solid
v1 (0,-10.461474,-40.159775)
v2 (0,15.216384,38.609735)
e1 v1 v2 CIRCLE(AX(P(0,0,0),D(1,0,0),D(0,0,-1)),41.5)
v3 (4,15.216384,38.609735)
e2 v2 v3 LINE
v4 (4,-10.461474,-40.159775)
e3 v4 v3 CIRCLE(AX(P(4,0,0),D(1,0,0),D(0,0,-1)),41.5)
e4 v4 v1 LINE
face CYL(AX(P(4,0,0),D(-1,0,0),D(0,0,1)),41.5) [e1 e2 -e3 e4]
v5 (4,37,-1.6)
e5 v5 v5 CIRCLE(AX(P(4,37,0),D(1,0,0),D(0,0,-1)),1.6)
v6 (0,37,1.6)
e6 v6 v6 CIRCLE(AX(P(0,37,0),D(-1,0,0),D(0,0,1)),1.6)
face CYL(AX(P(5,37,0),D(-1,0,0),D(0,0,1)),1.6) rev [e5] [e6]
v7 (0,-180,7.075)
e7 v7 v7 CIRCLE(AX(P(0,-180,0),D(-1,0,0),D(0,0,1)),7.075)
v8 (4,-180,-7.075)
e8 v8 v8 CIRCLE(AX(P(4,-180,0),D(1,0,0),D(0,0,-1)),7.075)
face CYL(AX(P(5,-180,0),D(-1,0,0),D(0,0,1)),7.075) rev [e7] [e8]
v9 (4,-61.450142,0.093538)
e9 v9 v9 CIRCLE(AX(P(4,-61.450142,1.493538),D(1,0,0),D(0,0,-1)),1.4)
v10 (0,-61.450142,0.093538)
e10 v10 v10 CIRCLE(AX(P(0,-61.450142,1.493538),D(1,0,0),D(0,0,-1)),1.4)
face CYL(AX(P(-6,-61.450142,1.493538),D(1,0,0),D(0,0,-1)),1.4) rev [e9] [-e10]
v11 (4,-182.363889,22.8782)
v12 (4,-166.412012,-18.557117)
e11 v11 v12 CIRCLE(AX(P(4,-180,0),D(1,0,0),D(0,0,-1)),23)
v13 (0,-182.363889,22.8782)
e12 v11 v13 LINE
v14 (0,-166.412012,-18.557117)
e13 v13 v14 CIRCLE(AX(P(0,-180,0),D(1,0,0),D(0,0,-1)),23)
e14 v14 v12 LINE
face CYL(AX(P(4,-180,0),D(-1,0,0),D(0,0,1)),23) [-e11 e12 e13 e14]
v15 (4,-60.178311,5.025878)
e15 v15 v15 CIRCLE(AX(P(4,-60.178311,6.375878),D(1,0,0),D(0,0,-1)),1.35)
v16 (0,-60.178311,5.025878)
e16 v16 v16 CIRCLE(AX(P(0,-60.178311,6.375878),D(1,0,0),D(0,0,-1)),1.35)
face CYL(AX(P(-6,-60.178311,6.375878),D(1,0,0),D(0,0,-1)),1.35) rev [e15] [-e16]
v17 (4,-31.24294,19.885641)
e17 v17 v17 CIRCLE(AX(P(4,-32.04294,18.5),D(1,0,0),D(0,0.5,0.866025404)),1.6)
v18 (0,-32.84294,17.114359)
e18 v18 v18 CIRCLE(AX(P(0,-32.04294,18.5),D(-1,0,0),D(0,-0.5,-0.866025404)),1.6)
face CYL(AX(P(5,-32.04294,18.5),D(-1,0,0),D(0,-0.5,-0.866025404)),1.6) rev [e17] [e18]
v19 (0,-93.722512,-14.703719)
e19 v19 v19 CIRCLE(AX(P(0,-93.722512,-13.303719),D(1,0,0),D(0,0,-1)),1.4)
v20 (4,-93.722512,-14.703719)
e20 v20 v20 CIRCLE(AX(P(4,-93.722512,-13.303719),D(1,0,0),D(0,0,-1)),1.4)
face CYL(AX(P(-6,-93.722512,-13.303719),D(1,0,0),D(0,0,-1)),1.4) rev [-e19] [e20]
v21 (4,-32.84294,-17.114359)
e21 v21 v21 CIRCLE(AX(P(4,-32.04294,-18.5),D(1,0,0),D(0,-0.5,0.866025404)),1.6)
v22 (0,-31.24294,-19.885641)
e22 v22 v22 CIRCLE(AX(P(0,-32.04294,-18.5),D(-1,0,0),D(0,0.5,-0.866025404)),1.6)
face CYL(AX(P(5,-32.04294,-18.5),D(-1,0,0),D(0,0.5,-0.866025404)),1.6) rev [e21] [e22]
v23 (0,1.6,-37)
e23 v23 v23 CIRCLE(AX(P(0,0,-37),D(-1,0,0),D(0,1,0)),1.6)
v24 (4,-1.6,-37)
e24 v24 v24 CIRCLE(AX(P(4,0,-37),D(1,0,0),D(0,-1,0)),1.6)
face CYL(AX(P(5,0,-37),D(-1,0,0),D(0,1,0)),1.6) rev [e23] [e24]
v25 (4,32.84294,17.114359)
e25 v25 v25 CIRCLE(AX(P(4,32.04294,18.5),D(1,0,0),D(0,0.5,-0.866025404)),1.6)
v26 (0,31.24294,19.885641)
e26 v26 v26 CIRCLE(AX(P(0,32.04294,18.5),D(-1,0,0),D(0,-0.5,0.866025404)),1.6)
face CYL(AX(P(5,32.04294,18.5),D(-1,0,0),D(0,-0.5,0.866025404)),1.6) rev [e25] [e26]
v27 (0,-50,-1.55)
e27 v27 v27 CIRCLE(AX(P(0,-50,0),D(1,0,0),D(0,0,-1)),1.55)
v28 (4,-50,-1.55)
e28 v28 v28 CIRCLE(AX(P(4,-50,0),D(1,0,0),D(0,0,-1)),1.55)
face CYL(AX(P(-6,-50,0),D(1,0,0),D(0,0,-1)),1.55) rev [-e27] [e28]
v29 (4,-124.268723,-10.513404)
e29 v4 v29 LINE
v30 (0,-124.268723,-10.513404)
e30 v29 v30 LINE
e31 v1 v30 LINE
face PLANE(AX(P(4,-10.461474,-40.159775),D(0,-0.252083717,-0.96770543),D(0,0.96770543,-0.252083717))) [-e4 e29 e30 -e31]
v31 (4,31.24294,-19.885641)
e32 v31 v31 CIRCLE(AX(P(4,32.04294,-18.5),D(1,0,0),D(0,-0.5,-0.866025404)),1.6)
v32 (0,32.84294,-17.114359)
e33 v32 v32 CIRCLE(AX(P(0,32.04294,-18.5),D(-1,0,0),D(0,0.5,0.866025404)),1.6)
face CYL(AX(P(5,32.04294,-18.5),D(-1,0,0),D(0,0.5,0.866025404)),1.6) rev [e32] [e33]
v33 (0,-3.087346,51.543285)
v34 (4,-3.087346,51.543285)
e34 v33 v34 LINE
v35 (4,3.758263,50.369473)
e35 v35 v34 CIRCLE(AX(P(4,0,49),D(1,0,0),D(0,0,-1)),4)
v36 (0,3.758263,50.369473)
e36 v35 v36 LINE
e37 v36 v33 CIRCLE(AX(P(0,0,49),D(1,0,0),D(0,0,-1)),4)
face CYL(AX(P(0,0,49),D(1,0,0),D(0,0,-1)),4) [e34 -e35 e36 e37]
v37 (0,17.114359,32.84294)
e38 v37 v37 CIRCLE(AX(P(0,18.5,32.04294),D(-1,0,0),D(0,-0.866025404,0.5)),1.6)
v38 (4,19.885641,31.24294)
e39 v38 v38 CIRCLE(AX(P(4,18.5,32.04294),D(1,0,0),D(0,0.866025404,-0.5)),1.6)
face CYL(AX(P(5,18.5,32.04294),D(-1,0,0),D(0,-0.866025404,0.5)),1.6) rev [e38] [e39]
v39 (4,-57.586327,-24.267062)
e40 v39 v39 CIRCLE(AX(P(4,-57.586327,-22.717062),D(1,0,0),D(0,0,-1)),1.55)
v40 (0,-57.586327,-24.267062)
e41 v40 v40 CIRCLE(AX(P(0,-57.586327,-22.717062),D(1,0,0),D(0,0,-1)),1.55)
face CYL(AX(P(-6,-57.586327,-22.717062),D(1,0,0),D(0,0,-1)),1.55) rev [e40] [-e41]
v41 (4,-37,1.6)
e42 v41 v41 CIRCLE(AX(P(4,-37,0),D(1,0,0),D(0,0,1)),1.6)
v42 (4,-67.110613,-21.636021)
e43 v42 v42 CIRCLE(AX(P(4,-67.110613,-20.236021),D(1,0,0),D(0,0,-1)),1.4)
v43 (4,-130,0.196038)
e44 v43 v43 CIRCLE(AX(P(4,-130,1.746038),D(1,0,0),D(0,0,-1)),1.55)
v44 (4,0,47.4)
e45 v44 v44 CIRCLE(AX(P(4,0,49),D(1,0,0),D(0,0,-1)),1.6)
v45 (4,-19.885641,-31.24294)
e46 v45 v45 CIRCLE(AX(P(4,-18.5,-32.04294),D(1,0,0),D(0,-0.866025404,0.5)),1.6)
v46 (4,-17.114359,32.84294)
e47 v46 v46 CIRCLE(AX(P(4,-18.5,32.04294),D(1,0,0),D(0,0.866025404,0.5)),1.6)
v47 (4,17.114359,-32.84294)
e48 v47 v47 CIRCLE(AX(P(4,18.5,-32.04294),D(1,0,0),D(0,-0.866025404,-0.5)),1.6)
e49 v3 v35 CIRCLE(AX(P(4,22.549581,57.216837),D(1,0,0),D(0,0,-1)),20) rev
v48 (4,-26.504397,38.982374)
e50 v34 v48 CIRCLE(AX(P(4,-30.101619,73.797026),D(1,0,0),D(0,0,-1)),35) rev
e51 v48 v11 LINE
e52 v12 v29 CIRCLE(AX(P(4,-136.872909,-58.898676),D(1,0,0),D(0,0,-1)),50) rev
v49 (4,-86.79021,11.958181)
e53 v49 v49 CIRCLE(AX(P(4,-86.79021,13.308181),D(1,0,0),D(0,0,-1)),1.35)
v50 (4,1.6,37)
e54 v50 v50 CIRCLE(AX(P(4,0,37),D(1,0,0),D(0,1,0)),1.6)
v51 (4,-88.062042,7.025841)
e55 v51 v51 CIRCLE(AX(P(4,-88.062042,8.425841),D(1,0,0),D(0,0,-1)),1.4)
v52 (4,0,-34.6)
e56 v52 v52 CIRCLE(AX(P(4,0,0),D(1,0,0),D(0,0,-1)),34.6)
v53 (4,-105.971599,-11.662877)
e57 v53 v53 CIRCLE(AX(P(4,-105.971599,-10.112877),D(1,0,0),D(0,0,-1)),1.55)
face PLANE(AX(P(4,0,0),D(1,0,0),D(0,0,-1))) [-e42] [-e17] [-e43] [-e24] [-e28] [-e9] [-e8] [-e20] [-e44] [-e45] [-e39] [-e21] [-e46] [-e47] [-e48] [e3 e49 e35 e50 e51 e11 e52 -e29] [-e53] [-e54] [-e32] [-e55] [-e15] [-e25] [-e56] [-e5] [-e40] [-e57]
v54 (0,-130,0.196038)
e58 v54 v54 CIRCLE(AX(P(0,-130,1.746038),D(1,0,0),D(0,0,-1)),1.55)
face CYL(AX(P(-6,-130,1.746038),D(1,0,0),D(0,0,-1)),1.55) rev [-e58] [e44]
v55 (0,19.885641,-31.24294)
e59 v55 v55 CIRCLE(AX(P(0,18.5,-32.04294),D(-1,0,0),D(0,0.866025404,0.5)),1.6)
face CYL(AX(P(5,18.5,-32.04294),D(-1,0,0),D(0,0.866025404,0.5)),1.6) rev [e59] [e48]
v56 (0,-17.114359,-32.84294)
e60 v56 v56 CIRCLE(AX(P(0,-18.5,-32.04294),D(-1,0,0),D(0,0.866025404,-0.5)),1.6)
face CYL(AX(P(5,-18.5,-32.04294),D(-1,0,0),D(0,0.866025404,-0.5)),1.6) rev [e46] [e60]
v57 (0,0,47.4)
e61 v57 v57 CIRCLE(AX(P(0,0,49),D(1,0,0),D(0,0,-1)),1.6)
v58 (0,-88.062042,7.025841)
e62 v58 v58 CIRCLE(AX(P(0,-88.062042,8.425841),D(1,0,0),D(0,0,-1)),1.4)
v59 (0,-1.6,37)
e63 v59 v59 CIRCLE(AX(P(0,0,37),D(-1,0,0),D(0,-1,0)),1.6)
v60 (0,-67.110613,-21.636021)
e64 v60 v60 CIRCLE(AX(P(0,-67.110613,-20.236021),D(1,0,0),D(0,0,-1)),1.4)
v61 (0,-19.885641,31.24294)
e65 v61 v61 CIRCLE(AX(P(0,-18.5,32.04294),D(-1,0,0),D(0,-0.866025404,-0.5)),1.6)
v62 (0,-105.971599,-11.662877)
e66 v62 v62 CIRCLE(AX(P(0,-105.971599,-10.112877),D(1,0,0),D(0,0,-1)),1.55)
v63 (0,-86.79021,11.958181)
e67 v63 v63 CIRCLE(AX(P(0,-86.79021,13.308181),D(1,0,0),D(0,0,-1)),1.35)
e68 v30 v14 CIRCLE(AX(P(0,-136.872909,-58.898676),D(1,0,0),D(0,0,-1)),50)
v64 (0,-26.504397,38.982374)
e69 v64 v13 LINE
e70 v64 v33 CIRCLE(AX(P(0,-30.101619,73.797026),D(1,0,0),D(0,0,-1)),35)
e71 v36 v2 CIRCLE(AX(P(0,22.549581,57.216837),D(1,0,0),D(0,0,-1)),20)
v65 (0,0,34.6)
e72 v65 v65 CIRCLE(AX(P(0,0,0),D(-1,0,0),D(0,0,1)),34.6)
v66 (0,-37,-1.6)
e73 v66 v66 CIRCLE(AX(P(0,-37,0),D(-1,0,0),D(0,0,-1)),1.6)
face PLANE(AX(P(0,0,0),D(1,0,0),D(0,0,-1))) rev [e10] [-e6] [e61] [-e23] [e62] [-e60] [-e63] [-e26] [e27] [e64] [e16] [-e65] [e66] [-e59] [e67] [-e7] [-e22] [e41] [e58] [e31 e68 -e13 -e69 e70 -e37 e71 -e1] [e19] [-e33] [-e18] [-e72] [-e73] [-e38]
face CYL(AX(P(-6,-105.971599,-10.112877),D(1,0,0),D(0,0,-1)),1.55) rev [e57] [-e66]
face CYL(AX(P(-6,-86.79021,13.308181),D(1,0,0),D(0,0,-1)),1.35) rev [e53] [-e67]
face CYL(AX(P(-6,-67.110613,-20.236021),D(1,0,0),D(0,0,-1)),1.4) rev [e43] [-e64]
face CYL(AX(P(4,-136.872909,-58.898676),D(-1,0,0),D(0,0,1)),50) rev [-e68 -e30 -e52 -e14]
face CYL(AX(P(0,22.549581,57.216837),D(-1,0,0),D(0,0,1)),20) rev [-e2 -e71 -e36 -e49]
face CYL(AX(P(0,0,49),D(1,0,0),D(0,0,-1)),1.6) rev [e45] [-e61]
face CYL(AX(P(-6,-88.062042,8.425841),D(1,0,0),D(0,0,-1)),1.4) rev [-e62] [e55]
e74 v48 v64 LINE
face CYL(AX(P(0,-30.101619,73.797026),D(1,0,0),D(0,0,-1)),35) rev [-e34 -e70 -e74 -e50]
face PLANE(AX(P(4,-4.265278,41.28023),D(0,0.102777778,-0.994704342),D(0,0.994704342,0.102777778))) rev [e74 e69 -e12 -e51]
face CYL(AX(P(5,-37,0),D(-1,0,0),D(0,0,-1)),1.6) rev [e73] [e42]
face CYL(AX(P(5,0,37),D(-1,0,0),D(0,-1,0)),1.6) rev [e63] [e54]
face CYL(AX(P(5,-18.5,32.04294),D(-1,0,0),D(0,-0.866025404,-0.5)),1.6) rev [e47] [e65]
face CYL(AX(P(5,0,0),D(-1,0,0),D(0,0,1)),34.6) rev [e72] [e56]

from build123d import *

# Parameters (mm, degrees)
SKETCH_1_R               = 41.5
SKETCH_1_R_2             = 23
EXTRUDE_1_DEPTH          = 4
SKETCH_3_R               = 34.6
SKETCH_3_R_2             = 7.075
CUT_EXTRUDE_2_DEPTH      = 5
SKETCH_2_R               = 1.6
CUT_EXTRUDE_1_DEPTH      = 5
PATTERN_CIRCULAR_1_COUNT = 12
FILLET_1_R               = 50
SKETCH_4_R               = 1.55
CUT_EXTRUDE_3_DEPTH      = 10
SKETCH_5_R               = 1.6
EXTRUDE_2_DEPTH          = 4
FILLET_2_R               = 20
SKETCH_6_R               = 1.55
CUT_EXTRUDE_4_DEPTH      = 10
FILLET_3_R               = 35
SKETCH_7_R               = 1.4
CUT_EXTRUDE_5_DEPTH      = 10
SKETCH_8_R               = 1.35
CUT_EXTRUDE_6_DEPTH      = 10


with BuildPart() as part:
    # 草图1 → 凸台-拉伸1 (new body)
    with BuildSketch(Plane(origin=(0, 0, 0), x_dir=(0, 0, -1), z_dir=(1, 0, 0))):
        Circle(SKETCH_1_R)
        with BuildLine():
            Line((1.96511799, -157.084103524), (40.159775356, -10.461474243))
            ThreePointArc((40.159775356, -10.461474243), (-3.1483436, -41.380405177), (-41.280230201, -4.265277778))
            Line((-41.280230201, -4.265277778), (-22.878199871, -182.363888889))
            ThreePointArc((-22.878199871, -182.363888889), (-16.404454744, -163.87877596), (1.96511799, -157.084103524))
        make_face()
        with Locations((0, -180)):
            Circle(SKETCH_1_R_2)
    extrude(amount=EXTRUDE_1_DEPTH)

    # 草图3 → 切除-拉伸2 (cut)
    with BuildSketch(Plane.ZY):
        Circle(SKETCH_3_R)
        with Locations((0, -180)):
            Circle(SKETCH_3_R_2)
    extrude(amount=-CUT_EXTRUDE_2_DEPTH, mode=Mode.SUBTRACT)

    # 草图2 → 切除-拉伸1 (cut)
    with BuildSketch(Plane.ZY):
        with Locations((0, 37)):
            Circle(SKETCH_2_R)
    cut_extrude_1 = extrude(amount=-CUT_EXTRUDE_1_DEPTH, mode=Mode.SUBTRACT)

    # 阵列(圆周)1: 切除-拉伸1 ×12 about axis
    pattern_circular_1_axis = Axis((0, 0, 0), (1, 0, 0))
    for i in range(1, PATTERN_CIRCULAR_1_COUNT):
        add(cut_extrude_1.rotate(pattern_circular_1_axis, i * 360 / PATTERN_CIRCULAR_1_COUNT), mode=Mode.SUBTRACT)

    # 圆角1
    fillet_1_edges = [part.edges().sort_by_distance(p)[0] for p in [
        (2, -157.084103524, -1.96511799),
    ]]
    fillet(fillet_1_edges, radius=FILLET_1_R)

    # 草图4 → 切除-拉伸3 (cut)
    with BuildSketch(Plane(origin=(4, 0, 0), x_dir=(0, 0, -1), z_dir=(1, 0, 0))):
        with Locations((22.71706237, -57.586327173)):
            Circle(SKETCH_4_R)
        with Locations((10.112876536, -105.971598687)):
            Circle(SKETCH_4_R)
    extrude(amount=-CUT_EXTRUDE_3_DEPTH, mode=Mode.SUBTRACT)

    # 草图5 → 凸台-拉伸2 (add)
    with BuildSketch(Plane(origin=(4, 0, 0), x_dir=(0, 0, -1), z_dir=(1, 0, 0))):
        with BuildLine():
            Line((-41.306779105, 4), (-49, 4))
            ThreePointArc((-49, 4), (-53, 0), (-49, -4))
            Line((-49, -4), (-41.306779105, -4))
            ThreePointArc((-41.306779105, -4), (-41.5, 0), (-41.306779105, 4))
        make_face()
        with Locations((-49, 0)):
            Circle(SKETCH_5_R, mode=Mode.SUBTRACT)
    extrude(amount=-EXTRUDE_2_DEPTH)

    # 圆角2
    fillet_2_edges = [part.edges().sort_by_distance(p)[0] for p in [
        (2, 4, 41.306779105),
    ]]
    fillet(fillet_2_edges, radius=FILLET_2_R)

    # 草图6 → 切除-拉伸4 (cut)
    with BuildSketch(Plane(origin=(4, 0, 0), x_dir=(0, 0, -1), z_dir=(1, 0, 0))):
        with Locations((0, -50)):
            Circle(SKETCH_6_R)
        with Locations((-1.746038475, -130)):
            Circle(SKETCH_6_R)
    extrude(amount=-CUT_EXTRUDE_4_DEPTH, mode=Mode.SUBTRACT)

    # 圆角3
    fillet_3_edges = [part.edges().sort_by_distance(p)[0] for p in [
        (2, -4, 41.306779105),
    ]]
    fillet(fillet_3_edges, radius=FILLET_3_R)

    # 草图7 → 切除-拉伸5 (cut)
    with BuildSketch(Plane(origin=(4, 0, 0), x_dir=(0, 0, -1), z_dir=(1, 0, 0))):
        with Locations((-1.493538323, -61.450142252)):
            Circle(SKETCH_7_R)
        with Locations((20.236020893, -67.110612761)):
            Circle(SKETCH_7_R)
        with Locations((-8.425840532, -88.062041585)):
            Circle(SKETCH_7_R)
        with Locations((13.303718684, -93.722512094)):
            Circle(SKETCH_7_R)
    extrude(amount=-CUT_EXTRUDE_5_DEPTH, mode=Mode.SUBTRACT)

    # 草图8 → 切除-拉伸6 (cut)
    with BuildSketch(Plane(origin=(4, 0, 0), x_dir=(0, 0, -1), z_dir=(1, 0, 0))):
        with Locations((-6.375878439, -60.178310552)):
            Circle(SKETCH_8_R)
        with Locations((-13.308180648, -86.790209885)):
            Circle(SKETCH_8_R)
    extrude(amount=-CUT_EXTRUDE_6_DEPTH, mode=Mode.SUBTRACT)


solid = part.part
